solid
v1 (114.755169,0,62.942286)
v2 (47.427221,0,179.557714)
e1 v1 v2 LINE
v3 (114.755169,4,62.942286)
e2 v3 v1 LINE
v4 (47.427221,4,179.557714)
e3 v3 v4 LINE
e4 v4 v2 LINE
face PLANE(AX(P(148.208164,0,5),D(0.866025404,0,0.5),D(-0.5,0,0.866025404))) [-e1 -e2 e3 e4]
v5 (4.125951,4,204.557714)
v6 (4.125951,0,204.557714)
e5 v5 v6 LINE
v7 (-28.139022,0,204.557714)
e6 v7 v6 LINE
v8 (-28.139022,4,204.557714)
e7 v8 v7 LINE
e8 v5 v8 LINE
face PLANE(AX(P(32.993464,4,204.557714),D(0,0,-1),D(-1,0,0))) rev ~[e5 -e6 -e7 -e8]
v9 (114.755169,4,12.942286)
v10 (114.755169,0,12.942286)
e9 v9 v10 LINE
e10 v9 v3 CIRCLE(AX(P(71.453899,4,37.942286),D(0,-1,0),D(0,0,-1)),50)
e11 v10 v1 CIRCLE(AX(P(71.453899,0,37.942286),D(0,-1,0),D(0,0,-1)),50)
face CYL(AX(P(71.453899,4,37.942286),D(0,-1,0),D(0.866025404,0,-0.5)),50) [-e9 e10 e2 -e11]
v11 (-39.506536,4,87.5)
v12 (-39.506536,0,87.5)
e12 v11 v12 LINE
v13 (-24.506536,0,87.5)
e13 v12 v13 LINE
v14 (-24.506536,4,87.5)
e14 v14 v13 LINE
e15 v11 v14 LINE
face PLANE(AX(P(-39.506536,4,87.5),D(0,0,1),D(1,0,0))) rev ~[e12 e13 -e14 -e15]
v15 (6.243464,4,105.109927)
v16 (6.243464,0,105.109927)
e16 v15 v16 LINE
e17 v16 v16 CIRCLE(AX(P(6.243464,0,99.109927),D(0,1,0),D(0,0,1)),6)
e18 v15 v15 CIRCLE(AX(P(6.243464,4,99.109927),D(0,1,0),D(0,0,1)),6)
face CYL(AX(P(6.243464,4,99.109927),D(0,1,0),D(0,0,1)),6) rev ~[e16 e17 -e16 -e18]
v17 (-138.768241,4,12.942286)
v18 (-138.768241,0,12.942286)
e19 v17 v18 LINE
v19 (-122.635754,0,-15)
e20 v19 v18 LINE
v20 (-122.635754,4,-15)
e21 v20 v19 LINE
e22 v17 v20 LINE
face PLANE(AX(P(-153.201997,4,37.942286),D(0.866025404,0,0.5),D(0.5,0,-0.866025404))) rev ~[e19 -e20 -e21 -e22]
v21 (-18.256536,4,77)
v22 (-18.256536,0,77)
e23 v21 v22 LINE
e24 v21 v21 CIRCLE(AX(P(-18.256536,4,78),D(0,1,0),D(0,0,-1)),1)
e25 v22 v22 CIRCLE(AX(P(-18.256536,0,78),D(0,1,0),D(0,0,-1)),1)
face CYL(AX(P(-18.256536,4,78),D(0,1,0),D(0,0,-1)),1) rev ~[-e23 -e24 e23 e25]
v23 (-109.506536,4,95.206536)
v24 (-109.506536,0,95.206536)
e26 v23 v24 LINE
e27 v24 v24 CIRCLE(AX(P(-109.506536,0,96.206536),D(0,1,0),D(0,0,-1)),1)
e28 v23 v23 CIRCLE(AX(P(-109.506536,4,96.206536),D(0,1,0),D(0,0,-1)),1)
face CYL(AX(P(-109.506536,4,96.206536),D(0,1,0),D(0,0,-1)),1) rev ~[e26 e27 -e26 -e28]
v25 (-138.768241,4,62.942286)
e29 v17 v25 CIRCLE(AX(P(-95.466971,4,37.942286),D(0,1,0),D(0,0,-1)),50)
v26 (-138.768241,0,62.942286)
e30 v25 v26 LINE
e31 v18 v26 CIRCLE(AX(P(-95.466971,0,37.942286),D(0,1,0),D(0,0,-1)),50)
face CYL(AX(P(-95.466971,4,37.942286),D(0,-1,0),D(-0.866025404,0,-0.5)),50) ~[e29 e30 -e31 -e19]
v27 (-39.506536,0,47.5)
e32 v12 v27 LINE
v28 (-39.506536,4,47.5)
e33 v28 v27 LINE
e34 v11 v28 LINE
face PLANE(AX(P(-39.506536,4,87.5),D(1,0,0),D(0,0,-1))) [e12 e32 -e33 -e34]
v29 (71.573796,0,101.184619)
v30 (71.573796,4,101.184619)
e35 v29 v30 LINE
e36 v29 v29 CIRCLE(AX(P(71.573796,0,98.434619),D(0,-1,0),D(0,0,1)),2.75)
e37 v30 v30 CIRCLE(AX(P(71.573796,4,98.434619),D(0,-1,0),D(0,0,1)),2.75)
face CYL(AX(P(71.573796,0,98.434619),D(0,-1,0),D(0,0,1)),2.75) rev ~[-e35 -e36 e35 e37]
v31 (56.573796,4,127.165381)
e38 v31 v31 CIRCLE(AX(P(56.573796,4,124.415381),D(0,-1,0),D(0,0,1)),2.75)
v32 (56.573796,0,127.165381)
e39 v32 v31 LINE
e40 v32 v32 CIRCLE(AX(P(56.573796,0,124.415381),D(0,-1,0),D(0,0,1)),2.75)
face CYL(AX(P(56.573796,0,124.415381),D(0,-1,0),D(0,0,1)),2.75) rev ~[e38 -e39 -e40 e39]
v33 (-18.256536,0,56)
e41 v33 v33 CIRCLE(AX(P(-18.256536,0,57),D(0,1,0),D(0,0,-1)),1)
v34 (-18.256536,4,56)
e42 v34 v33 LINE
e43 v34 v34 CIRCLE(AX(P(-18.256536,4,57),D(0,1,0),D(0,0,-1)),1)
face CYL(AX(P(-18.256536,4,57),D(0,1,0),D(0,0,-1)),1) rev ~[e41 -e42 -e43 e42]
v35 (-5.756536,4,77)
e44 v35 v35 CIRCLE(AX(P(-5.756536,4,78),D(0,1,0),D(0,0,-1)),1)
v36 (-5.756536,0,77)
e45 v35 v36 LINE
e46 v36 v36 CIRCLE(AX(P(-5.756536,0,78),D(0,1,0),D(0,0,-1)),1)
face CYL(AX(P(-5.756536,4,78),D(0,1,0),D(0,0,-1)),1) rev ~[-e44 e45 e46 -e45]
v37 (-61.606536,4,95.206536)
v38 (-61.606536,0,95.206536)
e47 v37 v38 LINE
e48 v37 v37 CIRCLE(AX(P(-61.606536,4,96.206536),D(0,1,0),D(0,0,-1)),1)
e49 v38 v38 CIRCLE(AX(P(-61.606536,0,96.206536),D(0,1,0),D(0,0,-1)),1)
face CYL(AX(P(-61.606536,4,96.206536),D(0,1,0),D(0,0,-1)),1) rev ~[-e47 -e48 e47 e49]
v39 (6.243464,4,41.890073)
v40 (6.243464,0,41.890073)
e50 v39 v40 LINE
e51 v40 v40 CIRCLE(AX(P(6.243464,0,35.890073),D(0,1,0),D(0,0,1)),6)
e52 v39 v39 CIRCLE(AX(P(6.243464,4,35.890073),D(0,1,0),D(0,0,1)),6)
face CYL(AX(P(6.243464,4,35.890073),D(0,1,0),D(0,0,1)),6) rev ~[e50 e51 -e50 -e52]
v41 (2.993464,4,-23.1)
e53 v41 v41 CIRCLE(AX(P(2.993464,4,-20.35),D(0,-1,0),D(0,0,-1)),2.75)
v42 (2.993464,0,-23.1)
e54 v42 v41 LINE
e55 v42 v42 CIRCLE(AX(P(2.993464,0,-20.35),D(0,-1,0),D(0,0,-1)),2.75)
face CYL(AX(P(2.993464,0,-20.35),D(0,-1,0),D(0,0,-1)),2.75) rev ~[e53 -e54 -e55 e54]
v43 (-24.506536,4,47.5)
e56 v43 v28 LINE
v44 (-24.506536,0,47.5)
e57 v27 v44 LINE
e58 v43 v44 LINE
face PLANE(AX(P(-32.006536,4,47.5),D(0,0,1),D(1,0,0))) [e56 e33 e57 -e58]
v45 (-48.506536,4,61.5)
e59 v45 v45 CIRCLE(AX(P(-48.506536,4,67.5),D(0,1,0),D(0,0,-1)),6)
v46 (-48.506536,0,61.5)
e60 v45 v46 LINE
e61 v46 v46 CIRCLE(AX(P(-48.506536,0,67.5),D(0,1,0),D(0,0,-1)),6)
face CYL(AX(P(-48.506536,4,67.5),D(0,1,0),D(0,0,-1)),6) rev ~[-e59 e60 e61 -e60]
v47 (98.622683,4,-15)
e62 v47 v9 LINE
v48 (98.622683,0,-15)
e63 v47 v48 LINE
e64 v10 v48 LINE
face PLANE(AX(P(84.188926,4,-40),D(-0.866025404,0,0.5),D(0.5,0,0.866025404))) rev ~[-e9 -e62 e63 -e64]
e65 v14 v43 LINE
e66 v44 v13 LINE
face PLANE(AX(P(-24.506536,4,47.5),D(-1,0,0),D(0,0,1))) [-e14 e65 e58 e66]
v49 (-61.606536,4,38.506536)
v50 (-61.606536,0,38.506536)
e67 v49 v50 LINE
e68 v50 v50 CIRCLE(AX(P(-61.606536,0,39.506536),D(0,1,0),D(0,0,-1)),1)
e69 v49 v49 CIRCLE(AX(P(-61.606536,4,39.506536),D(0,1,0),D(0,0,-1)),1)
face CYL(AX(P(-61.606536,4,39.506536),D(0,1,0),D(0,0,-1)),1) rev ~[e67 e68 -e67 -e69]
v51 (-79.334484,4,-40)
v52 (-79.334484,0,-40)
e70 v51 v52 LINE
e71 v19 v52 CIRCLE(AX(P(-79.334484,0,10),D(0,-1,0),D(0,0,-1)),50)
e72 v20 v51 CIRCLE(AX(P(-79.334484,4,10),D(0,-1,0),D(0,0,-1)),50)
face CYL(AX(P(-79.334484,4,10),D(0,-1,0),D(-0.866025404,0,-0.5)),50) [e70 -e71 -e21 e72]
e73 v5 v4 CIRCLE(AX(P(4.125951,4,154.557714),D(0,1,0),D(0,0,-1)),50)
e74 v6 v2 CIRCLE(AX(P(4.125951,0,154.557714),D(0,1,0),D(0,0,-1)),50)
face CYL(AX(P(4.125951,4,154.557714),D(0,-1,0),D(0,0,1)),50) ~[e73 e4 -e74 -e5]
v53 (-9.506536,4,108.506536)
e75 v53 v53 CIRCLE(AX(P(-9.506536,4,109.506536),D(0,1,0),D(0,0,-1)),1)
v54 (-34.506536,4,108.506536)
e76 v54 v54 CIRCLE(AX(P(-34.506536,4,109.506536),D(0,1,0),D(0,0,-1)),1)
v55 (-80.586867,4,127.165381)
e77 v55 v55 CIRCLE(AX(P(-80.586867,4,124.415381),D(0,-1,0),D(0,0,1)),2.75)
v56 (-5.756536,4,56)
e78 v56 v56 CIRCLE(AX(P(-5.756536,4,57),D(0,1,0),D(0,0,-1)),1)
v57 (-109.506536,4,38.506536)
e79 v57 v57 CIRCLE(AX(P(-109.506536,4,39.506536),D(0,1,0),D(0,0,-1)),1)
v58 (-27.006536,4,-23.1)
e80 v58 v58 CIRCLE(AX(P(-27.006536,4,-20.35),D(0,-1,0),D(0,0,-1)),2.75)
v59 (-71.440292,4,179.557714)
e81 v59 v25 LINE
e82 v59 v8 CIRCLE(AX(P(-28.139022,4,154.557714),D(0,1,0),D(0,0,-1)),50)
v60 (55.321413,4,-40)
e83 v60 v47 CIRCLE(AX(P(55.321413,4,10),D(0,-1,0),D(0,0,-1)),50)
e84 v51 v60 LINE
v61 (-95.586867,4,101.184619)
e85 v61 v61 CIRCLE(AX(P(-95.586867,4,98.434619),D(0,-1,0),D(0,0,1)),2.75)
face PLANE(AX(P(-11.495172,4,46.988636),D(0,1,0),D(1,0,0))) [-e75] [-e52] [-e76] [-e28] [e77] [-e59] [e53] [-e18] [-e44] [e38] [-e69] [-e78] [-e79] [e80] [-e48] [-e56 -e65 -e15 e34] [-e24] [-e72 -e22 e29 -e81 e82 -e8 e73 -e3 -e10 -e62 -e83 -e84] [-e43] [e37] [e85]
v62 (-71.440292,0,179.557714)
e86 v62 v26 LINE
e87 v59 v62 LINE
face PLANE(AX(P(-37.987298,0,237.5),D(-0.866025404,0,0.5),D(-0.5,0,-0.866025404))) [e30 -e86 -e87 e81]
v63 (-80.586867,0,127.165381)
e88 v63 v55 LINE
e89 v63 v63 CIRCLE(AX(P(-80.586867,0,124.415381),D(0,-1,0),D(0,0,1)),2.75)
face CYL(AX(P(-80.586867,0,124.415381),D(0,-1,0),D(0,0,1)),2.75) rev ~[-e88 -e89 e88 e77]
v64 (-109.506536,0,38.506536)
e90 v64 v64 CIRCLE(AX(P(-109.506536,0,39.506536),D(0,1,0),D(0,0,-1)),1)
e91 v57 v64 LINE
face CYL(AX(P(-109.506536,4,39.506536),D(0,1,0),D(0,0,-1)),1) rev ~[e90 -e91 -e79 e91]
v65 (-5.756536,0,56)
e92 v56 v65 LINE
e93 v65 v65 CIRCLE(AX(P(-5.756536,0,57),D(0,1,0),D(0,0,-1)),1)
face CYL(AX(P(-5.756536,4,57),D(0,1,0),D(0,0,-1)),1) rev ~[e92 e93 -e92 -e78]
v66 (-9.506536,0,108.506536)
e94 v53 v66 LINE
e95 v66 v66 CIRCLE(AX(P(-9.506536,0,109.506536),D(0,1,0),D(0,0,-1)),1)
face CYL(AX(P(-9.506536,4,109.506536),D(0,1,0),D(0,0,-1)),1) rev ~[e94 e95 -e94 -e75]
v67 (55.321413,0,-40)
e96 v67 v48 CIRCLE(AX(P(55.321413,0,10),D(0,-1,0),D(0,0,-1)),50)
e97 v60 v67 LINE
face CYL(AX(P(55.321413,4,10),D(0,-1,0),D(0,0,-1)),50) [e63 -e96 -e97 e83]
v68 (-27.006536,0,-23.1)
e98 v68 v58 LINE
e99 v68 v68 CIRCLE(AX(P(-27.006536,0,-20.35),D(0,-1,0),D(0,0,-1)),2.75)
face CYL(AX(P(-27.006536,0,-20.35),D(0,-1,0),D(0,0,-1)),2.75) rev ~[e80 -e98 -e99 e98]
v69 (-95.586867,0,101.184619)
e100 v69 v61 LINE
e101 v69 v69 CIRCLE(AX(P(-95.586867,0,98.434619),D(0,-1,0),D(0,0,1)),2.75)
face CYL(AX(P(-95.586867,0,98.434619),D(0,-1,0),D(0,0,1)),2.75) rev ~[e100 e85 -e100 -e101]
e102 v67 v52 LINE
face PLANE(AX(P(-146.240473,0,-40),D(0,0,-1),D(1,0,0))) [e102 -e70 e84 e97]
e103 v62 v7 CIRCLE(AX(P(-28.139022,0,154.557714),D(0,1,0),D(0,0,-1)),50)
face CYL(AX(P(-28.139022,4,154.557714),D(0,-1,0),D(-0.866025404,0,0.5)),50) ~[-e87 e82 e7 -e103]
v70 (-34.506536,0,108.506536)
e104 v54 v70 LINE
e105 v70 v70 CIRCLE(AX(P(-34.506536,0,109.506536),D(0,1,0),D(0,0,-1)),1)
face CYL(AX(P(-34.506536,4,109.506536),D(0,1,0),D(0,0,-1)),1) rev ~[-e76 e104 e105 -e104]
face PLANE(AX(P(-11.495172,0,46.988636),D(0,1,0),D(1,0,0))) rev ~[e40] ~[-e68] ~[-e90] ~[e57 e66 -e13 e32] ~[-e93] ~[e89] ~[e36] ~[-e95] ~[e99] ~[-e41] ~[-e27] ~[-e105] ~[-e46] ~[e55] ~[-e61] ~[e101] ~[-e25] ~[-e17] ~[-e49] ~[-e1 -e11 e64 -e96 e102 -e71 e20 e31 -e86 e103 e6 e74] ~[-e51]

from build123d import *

# Parameters (mm, degrees)
SKETCH1_W           = 100
SKETCH1_H           = 80
BOSS_EXTRUDE1_DEPTH = 4
SKETCH2_R           = 1
CUT_EXTRUDE1_DEPTH  = 65.156059729
BOSS_EXTRUDE2_DEPTH = 4
SKETCH4_R           = 1
CUT_EXTRUDE2_DEPTH  = 4
SKETCH5_R           = 1
CUT_EXTRUDE3_DEPTH  = 4
SKETCH6_R           = 6
CUT_EXTRUDE4_DEPTH  = 95.424573073
BOSS_EXTRUDE3_DEPTH = 4
SKETCH8_R           = 2.75
CUT_EXTRUDE5_DEPTH  = 308.949597178
CUT_EXTRUDE6_DEPTH  = 308.949597178
SKETCH11_R          = 1
SKETCH11_R_2        = 6
SKETCH11_W          = 15
SKETCH11_H          = 40
CUT_EXTRUDE7_DEPTH  = 4
SKETCH14_R          = 1
SKETCH14_R_2        = 6
BOSS_EXTRUDE5_DEPTH = 4
SKETCH15_R          = 6
CUT_EXTRUDE8_DEPTH  = 256.598728949
FILLET1_R           = 50


with BuildPart() as part:
    # Sketch1 → Boss-Extrude1 (new body)
    with BuildSketch(Plane(origin=(0, 0, 0), x_dir=(1, 0, 0), z_dir=(0, 1, 0))):
        Rectangle(SKETCH1_W, SKETCH1_H)
    extrude(amount=BOSS_EXTRUDE1_DEPTH)

    # Sketch2 → Cut-Extrude1 (cut, through all)
    with BuildSketch(Plane(origin=(0, 4, 0), x_dir=(1, 0, 0), z_dir=(0, 1, 0))):
        with Locations((-40, 30)):
            Circle(SKETCH2_R)
        with Locations((16.7, 30)):
            Circle(SKETCH2_R)
        with Locations((16.7, -17.9)):
            Circle(SKETCH2_R)
        with Locations((-40, -17.9)):
            Circle(SKETCH2_R)
    extrude(amount=-CUT_EXTRUDE1_DEPTH, mode=Mode.SUBTRACT)

    # Sketch3 → Boss-Extrude2 (add)
    with BuildSketch(Plane(origin=(0, 4, 0), x_dir=(1, 0, 0), z_dir=(0, 1, 0))):
        Polygon((7.993464363, -40), (50, -40), (50, -80), (-50, -80), (-50, -40), (-32.006535637, -40), (-32.006535637, -55), (7.993464363, -55), align=None)
    extrude(amount=-BOSS_EXTRUDE2_DEPTH)

    # Sketch4 → Cut-Extrude2 (cut)
    with BuildSketch(Plane(origin=(0, 4, 0), x_dir=(1, 0, 0), z_dir=(0, 1, 0))):
        with Locations((-22.506535637, -61.25)):
            Circle(SKETCH4_R)
        with Locations((-22.506535637, -73.75)):
            Circle(SKETCH4_R)
        with Locations((-1.506535637, -73.75)):
            Circle(SKETCH4_R)
        with Locations((-1.506535637, -61.25)):
            Circle(SKETCH4_R)
    extrude(amount=-CUT_EXTRUDE2_DEPTH, mode=Mode.SUBTRACT)

    # Sketch5 → Cut-Extrude3 (cut)
    with BuildSketch(Plane(origin=(0, 4, 0), x_dir=(1, 0, 0), z_dir=(0, 1, 0))):
        with Locations((30, -45)):
            Circle(SKETCH5_R)
        with Locations((30, -70)):
            Circle(SKETCH5_R)
    extrude(amount=-CUT_EXTRUDE3_DEPTH, mode=Mode.SUBTRACT)

    # Sketch6 → Cut-Extrude4 (cut, through all)
    with BuildSketch(Plane(origin=(0, 4, 0), x_dir=(1, 0, 0), z_dir=(0, 1, 0))):
        with Locations((-12.006535637, -31)):
            Circle(SKETCH6_R)
    extrude(amount=-CUT_EXTRUDE4_DEPTH, mode=Mode.SUBTRACT)

    # Sketch7 → Boss-Extrude3 (add)
    with BuildSketch(Plane.XZ):
        with BuildLine():
            Line((-146.240473223, -40), (-50, -40))
            Line((-50, -40), (-50, 80))
            Line((-50, 80), (50, 80))
            Line((50, 80), (50, -40))
            Line((50, -40), (122.22740195, -40))
            ThreePointArc((122.22740195, -40), (148.208164063, -25), (148.208164063, 5))
            Line((148.208164063, 5), (13.974226477, 237.5))
            ThreePointArc((13.974226477, 237.5), (-12.006535637, 252.5), (-37.98729775, 237.5))
            Line((-37.98729775, 237.5), (-172.221235337, 5))
            ThreePointArc((-172.221235337, 5), (-172.221235337, -25), (-146.240473223, -40))
        make_face()
    extrude(amount=-BOSS_EXTRUDE3_DEPTH)

    # Sketch8 → Cut-Extrude5 (cut, through all)
    with BuildSketch(Plane.XZ):
        with Locations((-27.006535637, -20.35)):
            Circle(SKETCH8_R)
        with Locations((2.993464363, -20.35)):
            Circle(SKETCH8_R)
        with Locations((-80.586867359, 124.415381057)):
            Circle(SKETCH8_R)
        with Locations((-95.586867359, 98.434618943)):
            Circle(SKETCH8_R)
        with Locations((71.573796086, 98.434618943)):
            Circle(SKETCH8_R)
        with Locations((56.573796086, 124.415381057)):
            Circle(SKETCH8_R)
    extrude(amount=-CUT_EXTRUDE5_DEPTH, mode=Mode.SUBTRACT)

    # Sketch9 → Cut-Extrude6 (cut, through all)
    with BuildSketch(Plane(origin=(0, 4, 0), x_dir=(1, 0, 0), z_dir=(0, 1, 0))):
        with BuildLine():
            Line((-172.221235337, -5), (-153.20199745, -37.942286341))
            Line((-153.20199745, -37.942286341), (-108.20199745, 40))
            Line((-108.20199745, 40), (-146.240473223, 40))
            ThreePointArc((-146.240473223, 40), (-172.221235337, 25), (-172.221235337, -5))
        make_face()
        with BuildLine():
            Line((32.993464363, -204.557713659), (-57.006535637, -204.557713659))
            Line((-57.006535637, -204.557713659), (-37.98729775, -237.5))
            ThreePointArc((-37.98729775, -237.5), (-12.006535637, -252.5), (13.974226477, -237.5))
            Line((13.974226477, -237.5), (32.993464363, -204.557713659))
        make_face()
        with BuildLine():
            Line((122.22740195, 40), (84.188926177, 40))
            Line((84.188926177, 40), (129.188926177, -37.942286341))
            Line((129.188926177, -37.942286341), (148.208164063, -5))
            ThreePointArc((148.208164063, -5), (148.208164063, 25), (122.22740195, 40))
        make_face()
    extrude(amount=-CUT_EXTRUDE6_DEPTH, mode=Mode.SUBTRACT)

    # Sketch11 → Cut-Extrude7 (cut)
    with BuildSketch(Plane(origin=(0, 4, 0), x_dir=(1, 0, 0), z_dir=(0, 1, 0))):
        with Locations((-109.506535637, -96.206535637)):
            Circle(SKETCH11_R)
        with Locations((-109.506535637, -39.506535637)):
            Circle(SKETCH11_R)
        with Locations((-61.606535637, -39.506535637)):
            Circle(SKETCH11_R)
        with Locations((-61.606535637, -96.206535637)):
            Circle(SKETCH11_R)
        with Locations((-34.506535637, -109.506535637)):
            Circle(SKETCH11_R)
        with Locations((-9.506535637, -109.506535637)):
            Circle(SKETCH11_R)
        with Locations((-5.756535637, -78)):
            Circle(SKETCH11_R)
        with Locations((-18.256535637, -78)):
            Circle(SKETCH11_R)
        with Locations((-18.256535637, -57)):
            Circle(SKETCH11_R)
        with Locations((-5.756535637, -57)):
            Circle(SKETCH11_R)
        with Locations((-48.506535637, -67.5)):
            Circle(SKETCH11_R_2)
        with Locations((-32.006535637, -67.5)):
            Rectangle(SKETCH11_W, SKETCH11_H)
    extrude(amount=-CUT_EXTRUDE7_DEPTH, mode=Mode.SUBTRACT)

    # Sketch14 → Boss-Extrude5 (add)
    with BuildSketch(Plane(origin=(0, 4, 0), x_dir=(1, 0, 0), z_dir=(0, 1, 0))):
        Polygon((7.993464363, -40), (-32.006535637, -40), (-32.006535637, -47.5), (-24.506535637, -47.5), (-24.506535637, -55), (7.993464363, -55), align=None)
        with Locations((-22.506535637, -61.25)):
            Circle(SKETCH14_R)
        with Locations((-1.506535637, -61.25)):
            Circle(SKETCH14_R)
        with Locations((-22.506535637, -73.75)):
            Circle(SKETCH14_R)
        with Locations((-1.506535637, -73.75)):
            Circle(SKETCH14_R)
        with Locations((30, -70)):
            Circle(SKETCH14_R)
        with Locations((30, -45)):
            Circle(SKETCH14_R)
        with Locations((-12.006535637, -31)):
            Circle(SKETCH14_R_2)
        with Locations((-40, -17.9)):
            Circle(SKETCH14_R)
        with Locations((16.7, -17.9)):
            Circle(SKETCH14_R)
        with Locations((-40, 30)):
            Circle(SKETCH14_R)
        with Locations((16.7, 30)):
            Circle(SKETCH14_R)
    extrude(amount=-BOSS_EXTRUDE5_DEPTH)

    # Sketch15 → Cut-Extrude8 (cut, through all)
    with BuildSketch(Plane(origin=(0, 4, 0), x_dir=(1, 0, 0), z_dir=(0, 1, 0))):
        with Locations((-48.506535637, -67.5)):
            Circle(SKETCH15_R)
        with Locations((6.243464363, -99.109927238)):
            Circle(SKETCH15_R)
        with Locations((6.243464363, -35.890072762)):
            Circle(SKETCH15_R)
    extrude(amount=-CUT_EXTRUDE8_DEPTH, mode=Mode.SUBTRACT)

    # Fillet1
    fillet1_edges = [part.edges().sort_by_distance(p)[0] for p in [
        (-57.006535637, 2, 204.557713659),
        (32.993464363, 2, 204.557713659),
        (129.188926177, 2, 37.942286341),
        (84.188926177, 2, -40),
        (-108.20199745, 2, -40),
        (-153.20199745, 2, 37.942286341),
    ]]
    fillet(fillet1_edges, radius=FILLET1_R)


solid = part.part
